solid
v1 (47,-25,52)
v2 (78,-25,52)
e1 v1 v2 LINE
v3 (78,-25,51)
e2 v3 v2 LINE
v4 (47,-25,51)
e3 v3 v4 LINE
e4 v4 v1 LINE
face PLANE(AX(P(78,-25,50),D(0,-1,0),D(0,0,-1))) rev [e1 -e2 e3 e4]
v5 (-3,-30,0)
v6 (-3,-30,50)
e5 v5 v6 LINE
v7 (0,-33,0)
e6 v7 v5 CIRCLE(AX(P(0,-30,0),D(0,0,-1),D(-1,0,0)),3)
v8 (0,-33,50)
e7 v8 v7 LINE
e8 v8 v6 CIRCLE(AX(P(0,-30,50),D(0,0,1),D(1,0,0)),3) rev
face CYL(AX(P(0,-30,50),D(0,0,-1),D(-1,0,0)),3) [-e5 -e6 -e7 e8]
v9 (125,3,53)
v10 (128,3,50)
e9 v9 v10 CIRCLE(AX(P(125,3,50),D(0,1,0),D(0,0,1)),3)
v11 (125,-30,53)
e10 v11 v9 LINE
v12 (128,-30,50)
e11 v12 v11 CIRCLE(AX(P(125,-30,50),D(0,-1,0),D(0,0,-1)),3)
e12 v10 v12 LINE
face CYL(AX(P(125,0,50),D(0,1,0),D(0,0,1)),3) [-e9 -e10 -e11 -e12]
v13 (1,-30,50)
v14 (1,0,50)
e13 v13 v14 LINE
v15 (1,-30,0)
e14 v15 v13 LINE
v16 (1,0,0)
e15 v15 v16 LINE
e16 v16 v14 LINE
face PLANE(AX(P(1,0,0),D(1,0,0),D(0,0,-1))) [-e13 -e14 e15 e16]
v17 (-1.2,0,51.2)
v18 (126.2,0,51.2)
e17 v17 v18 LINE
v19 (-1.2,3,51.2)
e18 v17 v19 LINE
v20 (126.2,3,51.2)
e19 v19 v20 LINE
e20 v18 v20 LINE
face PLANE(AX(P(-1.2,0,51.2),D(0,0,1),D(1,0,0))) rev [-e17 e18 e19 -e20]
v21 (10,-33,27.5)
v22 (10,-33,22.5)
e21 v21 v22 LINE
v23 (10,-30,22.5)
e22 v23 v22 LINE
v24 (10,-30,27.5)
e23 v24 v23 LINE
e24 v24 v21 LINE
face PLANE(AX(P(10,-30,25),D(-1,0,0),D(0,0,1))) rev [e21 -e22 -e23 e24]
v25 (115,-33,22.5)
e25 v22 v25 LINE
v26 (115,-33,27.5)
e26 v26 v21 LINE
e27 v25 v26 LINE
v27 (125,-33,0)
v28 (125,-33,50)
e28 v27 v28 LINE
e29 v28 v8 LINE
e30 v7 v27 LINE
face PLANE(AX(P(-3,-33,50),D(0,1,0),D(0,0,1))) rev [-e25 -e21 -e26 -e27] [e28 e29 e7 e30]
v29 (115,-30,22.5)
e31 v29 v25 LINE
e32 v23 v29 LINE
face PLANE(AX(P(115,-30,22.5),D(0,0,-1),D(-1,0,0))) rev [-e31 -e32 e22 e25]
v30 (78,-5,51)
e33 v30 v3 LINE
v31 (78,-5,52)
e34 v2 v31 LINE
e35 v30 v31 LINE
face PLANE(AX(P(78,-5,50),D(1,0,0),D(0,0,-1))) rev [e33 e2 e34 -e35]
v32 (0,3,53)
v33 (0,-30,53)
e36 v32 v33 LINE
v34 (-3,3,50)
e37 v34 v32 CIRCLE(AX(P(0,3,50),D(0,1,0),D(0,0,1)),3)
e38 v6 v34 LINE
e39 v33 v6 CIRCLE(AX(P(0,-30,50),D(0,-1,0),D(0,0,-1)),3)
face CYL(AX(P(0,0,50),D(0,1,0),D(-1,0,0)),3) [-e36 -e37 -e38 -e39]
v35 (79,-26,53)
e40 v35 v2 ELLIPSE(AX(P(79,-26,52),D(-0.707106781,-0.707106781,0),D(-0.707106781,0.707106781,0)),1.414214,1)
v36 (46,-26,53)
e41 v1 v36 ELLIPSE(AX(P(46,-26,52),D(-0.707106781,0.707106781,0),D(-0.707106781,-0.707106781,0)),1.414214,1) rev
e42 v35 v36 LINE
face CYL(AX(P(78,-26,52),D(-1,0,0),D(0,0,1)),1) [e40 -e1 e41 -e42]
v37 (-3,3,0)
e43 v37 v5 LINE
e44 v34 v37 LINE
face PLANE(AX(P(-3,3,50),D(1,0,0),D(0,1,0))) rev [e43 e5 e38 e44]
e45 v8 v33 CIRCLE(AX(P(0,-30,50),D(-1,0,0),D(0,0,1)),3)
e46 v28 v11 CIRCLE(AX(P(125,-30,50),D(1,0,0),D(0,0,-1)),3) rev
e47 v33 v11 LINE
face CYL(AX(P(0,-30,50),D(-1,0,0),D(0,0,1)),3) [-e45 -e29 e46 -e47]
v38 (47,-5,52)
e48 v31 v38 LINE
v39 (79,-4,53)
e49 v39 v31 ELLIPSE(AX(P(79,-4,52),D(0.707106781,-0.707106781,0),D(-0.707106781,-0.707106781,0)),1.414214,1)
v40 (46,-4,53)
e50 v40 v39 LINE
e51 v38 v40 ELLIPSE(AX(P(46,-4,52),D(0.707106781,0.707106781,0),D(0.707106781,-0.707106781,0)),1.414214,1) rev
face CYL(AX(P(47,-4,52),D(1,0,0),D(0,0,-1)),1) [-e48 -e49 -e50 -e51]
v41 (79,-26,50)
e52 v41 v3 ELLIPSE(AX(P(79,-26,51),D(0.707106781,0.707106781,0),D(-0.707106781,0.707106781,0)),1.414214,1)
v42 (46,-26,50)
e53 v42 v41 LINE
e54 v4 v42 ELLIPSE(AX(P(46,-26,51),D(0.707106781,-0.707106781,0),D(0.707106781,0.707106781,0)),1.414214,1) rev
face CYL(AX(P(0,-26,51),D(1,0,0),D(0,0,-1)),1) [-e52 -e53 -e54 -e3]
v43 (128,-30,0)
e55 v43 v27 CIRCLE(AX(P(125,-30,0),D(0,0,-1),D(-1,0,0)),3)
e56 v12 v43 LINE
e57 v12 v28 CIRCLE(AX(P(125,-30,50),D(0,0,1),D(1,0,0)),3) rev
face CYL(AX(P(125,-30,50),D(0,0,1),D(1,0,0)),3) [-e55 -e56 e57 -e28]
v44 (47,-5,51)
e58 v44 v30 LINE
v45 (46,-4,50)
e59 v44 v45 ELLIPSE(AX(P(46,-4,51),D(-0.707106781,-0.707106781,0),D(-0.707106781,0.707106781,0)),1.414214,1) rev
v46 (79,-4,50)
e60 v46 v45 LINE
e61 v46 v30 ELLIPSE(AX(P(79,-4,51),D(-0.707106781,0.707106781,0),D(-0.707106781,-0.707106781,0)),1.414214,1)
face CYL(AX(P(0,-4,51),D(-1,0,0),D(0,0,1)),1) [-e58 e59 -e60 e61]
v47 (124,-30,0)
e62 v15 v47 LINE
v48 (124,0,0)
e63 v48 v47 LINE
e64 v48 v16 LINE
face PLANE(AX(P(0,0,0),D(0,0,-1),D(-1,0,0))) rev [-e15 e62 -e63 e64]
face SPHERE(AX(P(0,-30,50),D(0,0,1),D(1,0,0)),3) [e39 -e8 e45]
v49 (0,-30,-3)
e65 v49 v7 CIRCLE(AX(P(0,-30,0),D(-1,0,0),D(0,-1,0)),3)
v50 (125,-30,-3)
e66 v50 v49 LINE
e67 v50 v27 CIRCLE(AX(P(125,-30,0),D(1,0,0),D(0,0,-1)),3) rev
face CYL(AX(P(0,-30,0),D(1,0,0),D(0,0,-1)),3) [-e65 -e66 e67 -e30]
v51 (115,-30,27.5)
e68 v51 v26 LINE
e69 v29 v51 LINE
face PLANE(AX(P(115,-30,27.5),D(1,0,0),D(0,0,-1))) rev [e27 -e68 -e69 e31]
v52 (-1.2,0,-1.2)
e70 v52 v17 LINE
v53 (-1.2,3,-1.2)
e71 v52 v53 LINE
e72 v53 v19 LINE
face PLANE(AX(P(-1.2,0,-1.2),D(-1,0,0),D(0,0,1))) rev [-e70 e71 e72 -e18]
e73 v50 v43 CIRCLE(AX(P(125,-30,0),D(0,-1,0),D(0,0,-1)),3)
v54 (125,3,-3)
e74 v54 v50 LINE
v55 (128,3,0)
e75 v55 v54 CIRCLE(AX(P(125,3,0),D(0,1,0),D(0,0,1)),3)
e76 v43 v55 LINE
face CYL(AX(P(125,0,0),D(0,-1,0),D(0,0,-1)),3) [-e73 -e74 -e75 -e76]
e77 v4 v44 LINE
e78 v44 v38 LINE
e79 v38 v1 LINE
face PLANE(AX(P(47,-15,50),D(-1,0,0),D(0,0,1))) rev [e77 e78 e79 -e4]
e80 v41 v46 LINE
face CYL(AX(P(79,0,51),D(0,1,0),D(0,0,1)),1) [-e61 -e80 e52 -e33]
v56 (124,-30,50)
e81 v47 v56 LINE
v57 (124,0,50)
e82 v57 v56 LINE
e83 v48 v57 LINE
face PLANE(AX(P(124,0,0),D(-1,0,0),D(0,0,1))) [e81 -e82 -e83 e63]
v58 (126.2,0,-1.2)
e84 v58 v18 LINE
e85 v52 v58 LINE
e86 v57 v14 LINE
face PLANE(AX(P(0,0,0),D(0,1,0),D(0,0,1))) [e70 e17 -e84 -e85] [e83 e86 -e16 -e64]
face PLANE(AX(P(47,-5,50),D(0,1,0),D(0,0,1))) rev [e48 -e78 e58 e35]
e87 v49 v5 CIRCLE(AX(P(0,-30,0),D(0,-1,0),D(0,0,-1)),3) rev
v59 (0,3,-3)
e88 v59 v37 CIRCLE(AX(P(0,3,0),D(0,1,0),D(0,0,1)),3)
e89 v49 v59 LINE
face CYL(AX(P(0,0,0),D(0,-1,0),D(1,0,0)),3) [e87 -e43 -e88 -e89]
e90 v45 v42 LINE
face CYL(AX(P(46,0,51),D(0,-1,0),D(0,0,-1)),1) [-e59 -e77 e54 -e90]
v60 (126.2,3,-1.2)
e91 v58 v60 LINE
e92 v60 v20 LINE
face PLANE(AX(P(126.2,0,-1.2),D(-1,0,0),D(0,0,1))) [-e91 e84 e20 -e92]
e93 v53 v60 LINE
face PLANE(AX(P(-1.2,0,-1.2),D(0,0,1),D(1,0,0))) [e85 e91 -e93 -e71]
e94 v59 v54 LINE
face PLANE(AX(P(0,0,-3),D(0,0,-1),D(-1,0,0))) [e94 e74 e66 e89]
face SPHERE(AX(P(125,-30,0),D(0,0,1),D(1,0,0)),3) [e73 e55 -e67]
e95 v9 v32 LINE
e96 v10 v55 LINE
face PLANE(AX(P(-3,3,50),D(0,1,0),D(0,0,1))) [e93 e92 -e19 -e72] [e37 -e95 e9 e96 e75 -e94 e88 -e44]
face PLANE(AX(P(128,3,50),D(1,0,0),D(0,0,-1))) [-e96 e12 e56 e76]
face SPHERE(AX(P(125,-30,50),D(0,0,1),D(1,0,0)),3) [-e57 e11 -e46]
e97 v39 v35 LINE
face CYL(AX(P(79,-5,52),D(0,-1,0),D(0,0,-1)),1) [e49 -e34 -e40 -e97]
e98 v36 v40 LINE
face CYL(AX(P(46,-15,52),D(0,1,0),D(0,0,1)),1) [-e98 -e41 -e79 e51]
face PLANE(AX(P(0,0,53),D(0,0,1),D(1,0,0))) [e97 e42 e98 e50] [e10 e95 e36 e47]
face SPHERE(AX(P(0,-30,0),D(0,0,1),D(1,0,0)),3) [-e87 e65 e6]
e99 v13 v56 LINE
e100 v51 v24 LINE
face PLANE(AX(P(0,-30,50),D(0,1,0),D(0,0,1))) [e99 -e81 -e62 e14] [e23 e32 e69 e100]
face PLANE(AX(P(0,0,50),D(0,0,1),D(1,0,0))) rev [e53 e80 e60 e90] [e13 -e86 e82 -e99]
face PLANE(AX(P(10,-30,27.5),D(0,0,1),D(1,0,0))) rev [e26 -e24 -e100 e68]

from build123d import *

# Parameters (mm, degrees)
SKETCH_1_W          = 131
SKETCH_1_H          = 36
SKETCH_1_W_2        = 125
SKETCH_1_H_2        = 30
EXTRUDE_3_DEPTH     = 50
SKETCH_4_W          = 131
SKETCH_4_H          = 36
EXTRUDE_4_DEPTH     = 3
SKETCH_5_R          = 7.5
CUT_EXTRUDE_1_DEPTH = 3
CUT_EXTRUDE_2_DEPTH = 3
SKETCH_11_W         = 1
SKETCH_11_H         = 30
EXTRUDE_6_DEPTH     = 50
SKETCH_8_W          = 131
SKETCH_8_H          = 36
EXTRUDE_7_DEPTH     = 3
SKETCH_12_W         = 127.4
SKETCH_12_H         = 52.4
CUT_EXTRUDE_4_DEPTH = 3
CUT_EXTRUDE_5_DEPTH = 3
FILLET_5_R          = 3
FILLET_6_R          = 1


with BuildPart() as part:
    # 草图1 → 凸台-拉伸3 (new body)
    with BuildSketch(Plane.XY):
        with Locations((62.5, -15)):
            Rectangle(SKETCH_1_W, SKETCH_1_H)
        with Locations((62.5, -15)):
            Rectangle(SKETCH_1_W_2, SKETCH_1_H_2, mode=Mode.SUBTRACT)
    extrude(amount=EXTRUDE_3_DEPTH)

    # 草图4 → 凸台-拉伸4 (add)
    with BuildSketch(Plane(origin=(0, 0, 0), x_dir=(-1, 0, 0), z_dir=(0, 0, -1))):
        with Locations((-62.5, -15)):
            Rectangle(SKETCH_4_W, SKETCH_4_H)
    extrude(amount=EXTRUDE_4_DEPTH)

    # 草图5 → 切除-拉伸1 (cut)
    with BuildSketch(Plane(origin=(0, 3, 0), x_dir=(1, 0, 0), z_dir=(0, 1, 0))):
        with Locations(Location((17.5, -30, 0), (0, 0, 270))):
            Circle(SKETCH_5_R)
        with Locations(Location((47.5, -30, 0), (0, 0, 270))):
            Circle(SKETCH_5_R)
        with Locations(Location((77.5, -30, 0), (0, 0, 270))):
            Circle(SKETCH_5_R)
        with Locations(Location((107.5, -30, 0), (0, 0, 270))):
            Circle(SKETCH_5_R)
    extrude(amount=-CUT_EXTRUDE_1_DEPTH, mode=Mode.SUBTRACT)

    # 草图6 → 切除-拉伸2 (cut)
    with BuildSketch(Plane.XZ.offset(33)):
        Polygon((10, 25), (10, 27.5), (115, 27.5), (115, 25), (115, 22.5), (10, 22.5), align=None)
    extrude(amount=-CUT_EXTRUDE_2_DEPTH, mode=Mode.SUBTRACT)

    # 草图11 → 凸台-拉伸6 (add)
    with BuildSketch(Plane.XY.offset(50)):
        with Locations((0.5, -15)):
            Rectangle(SKETCH_11_W, SKETCH_11_H)
        with Locations((124.5, -15)):
            Rectangle(SKETCH_11_W, SKETCH_11_H)
    extrude(amount=-EXTRUDE_6_DEPTH)

    # 草图8 → 凸台-拉伸7 (add)
    with BuildSketch(Plane.XY.offset(50)):
        with Locations((62.5, -15)):
            Rectangle(SKETCH_8_W, SKETCH_8_H)
    extrude(amount=EXTRUDE_7_DEPTH)

    # 草图12 → 切除-拉伸4 (cut)
    with BuildSketch(Plane(origin=(0, 3, 0), x_dir=(1, 0, 0), z_dir=(0, 1, 0))):
        with Locations((62.5, -25)):
            Rectangle(SKETCH_12_W, SKETCH_12_H)
    extrude(amount=-CUT_EXTRUDE_4_DEPTH, mode=Mode.SUBTRACT)

    # 草图13 → 切除-拉伸5 (cut)
    with BuildSketch(Plane.XY.offset(53)):
        Polygon((47, -15), (47, -5), (78, -5), (78, -25), (47, -25), align=None)
    extrude(amount=-CUT_EXTRUDE_5_DEPTH, mode=Mode.SUBTRACT)

    # 圆角5
    fillet_5_edges = [part.edges().sort_by_distance(p)[0] for p in [
        (-3, -15, 53),
        (62.5, -33, 53),
        (128, -15, 53),
        (128, -15, -3),
        (62.5, -33, -3),
        (-3, -15, -3),
        (128, -33, 25),
        (-3, -33, 25),
    ]]
    fillet(fillet_5_edges, radius=FILLET_5_R)

    # 圆角6
    fillet_6_edges = [part.edges().sort_by_distance(p)[0] for p in [
        (47, -15, 50),
        (62.5, -5, 50),
        (78, -15, 50),
        (62.5, -25, 50),
        (47, -15, 53),
        (62.5, -25, 53),
        (78, -15, 53),
        (62.5, -5, 53),
    ]]
    fillet(fillet_6_edges, radius=FILLET_6_R)


solid = part.part
